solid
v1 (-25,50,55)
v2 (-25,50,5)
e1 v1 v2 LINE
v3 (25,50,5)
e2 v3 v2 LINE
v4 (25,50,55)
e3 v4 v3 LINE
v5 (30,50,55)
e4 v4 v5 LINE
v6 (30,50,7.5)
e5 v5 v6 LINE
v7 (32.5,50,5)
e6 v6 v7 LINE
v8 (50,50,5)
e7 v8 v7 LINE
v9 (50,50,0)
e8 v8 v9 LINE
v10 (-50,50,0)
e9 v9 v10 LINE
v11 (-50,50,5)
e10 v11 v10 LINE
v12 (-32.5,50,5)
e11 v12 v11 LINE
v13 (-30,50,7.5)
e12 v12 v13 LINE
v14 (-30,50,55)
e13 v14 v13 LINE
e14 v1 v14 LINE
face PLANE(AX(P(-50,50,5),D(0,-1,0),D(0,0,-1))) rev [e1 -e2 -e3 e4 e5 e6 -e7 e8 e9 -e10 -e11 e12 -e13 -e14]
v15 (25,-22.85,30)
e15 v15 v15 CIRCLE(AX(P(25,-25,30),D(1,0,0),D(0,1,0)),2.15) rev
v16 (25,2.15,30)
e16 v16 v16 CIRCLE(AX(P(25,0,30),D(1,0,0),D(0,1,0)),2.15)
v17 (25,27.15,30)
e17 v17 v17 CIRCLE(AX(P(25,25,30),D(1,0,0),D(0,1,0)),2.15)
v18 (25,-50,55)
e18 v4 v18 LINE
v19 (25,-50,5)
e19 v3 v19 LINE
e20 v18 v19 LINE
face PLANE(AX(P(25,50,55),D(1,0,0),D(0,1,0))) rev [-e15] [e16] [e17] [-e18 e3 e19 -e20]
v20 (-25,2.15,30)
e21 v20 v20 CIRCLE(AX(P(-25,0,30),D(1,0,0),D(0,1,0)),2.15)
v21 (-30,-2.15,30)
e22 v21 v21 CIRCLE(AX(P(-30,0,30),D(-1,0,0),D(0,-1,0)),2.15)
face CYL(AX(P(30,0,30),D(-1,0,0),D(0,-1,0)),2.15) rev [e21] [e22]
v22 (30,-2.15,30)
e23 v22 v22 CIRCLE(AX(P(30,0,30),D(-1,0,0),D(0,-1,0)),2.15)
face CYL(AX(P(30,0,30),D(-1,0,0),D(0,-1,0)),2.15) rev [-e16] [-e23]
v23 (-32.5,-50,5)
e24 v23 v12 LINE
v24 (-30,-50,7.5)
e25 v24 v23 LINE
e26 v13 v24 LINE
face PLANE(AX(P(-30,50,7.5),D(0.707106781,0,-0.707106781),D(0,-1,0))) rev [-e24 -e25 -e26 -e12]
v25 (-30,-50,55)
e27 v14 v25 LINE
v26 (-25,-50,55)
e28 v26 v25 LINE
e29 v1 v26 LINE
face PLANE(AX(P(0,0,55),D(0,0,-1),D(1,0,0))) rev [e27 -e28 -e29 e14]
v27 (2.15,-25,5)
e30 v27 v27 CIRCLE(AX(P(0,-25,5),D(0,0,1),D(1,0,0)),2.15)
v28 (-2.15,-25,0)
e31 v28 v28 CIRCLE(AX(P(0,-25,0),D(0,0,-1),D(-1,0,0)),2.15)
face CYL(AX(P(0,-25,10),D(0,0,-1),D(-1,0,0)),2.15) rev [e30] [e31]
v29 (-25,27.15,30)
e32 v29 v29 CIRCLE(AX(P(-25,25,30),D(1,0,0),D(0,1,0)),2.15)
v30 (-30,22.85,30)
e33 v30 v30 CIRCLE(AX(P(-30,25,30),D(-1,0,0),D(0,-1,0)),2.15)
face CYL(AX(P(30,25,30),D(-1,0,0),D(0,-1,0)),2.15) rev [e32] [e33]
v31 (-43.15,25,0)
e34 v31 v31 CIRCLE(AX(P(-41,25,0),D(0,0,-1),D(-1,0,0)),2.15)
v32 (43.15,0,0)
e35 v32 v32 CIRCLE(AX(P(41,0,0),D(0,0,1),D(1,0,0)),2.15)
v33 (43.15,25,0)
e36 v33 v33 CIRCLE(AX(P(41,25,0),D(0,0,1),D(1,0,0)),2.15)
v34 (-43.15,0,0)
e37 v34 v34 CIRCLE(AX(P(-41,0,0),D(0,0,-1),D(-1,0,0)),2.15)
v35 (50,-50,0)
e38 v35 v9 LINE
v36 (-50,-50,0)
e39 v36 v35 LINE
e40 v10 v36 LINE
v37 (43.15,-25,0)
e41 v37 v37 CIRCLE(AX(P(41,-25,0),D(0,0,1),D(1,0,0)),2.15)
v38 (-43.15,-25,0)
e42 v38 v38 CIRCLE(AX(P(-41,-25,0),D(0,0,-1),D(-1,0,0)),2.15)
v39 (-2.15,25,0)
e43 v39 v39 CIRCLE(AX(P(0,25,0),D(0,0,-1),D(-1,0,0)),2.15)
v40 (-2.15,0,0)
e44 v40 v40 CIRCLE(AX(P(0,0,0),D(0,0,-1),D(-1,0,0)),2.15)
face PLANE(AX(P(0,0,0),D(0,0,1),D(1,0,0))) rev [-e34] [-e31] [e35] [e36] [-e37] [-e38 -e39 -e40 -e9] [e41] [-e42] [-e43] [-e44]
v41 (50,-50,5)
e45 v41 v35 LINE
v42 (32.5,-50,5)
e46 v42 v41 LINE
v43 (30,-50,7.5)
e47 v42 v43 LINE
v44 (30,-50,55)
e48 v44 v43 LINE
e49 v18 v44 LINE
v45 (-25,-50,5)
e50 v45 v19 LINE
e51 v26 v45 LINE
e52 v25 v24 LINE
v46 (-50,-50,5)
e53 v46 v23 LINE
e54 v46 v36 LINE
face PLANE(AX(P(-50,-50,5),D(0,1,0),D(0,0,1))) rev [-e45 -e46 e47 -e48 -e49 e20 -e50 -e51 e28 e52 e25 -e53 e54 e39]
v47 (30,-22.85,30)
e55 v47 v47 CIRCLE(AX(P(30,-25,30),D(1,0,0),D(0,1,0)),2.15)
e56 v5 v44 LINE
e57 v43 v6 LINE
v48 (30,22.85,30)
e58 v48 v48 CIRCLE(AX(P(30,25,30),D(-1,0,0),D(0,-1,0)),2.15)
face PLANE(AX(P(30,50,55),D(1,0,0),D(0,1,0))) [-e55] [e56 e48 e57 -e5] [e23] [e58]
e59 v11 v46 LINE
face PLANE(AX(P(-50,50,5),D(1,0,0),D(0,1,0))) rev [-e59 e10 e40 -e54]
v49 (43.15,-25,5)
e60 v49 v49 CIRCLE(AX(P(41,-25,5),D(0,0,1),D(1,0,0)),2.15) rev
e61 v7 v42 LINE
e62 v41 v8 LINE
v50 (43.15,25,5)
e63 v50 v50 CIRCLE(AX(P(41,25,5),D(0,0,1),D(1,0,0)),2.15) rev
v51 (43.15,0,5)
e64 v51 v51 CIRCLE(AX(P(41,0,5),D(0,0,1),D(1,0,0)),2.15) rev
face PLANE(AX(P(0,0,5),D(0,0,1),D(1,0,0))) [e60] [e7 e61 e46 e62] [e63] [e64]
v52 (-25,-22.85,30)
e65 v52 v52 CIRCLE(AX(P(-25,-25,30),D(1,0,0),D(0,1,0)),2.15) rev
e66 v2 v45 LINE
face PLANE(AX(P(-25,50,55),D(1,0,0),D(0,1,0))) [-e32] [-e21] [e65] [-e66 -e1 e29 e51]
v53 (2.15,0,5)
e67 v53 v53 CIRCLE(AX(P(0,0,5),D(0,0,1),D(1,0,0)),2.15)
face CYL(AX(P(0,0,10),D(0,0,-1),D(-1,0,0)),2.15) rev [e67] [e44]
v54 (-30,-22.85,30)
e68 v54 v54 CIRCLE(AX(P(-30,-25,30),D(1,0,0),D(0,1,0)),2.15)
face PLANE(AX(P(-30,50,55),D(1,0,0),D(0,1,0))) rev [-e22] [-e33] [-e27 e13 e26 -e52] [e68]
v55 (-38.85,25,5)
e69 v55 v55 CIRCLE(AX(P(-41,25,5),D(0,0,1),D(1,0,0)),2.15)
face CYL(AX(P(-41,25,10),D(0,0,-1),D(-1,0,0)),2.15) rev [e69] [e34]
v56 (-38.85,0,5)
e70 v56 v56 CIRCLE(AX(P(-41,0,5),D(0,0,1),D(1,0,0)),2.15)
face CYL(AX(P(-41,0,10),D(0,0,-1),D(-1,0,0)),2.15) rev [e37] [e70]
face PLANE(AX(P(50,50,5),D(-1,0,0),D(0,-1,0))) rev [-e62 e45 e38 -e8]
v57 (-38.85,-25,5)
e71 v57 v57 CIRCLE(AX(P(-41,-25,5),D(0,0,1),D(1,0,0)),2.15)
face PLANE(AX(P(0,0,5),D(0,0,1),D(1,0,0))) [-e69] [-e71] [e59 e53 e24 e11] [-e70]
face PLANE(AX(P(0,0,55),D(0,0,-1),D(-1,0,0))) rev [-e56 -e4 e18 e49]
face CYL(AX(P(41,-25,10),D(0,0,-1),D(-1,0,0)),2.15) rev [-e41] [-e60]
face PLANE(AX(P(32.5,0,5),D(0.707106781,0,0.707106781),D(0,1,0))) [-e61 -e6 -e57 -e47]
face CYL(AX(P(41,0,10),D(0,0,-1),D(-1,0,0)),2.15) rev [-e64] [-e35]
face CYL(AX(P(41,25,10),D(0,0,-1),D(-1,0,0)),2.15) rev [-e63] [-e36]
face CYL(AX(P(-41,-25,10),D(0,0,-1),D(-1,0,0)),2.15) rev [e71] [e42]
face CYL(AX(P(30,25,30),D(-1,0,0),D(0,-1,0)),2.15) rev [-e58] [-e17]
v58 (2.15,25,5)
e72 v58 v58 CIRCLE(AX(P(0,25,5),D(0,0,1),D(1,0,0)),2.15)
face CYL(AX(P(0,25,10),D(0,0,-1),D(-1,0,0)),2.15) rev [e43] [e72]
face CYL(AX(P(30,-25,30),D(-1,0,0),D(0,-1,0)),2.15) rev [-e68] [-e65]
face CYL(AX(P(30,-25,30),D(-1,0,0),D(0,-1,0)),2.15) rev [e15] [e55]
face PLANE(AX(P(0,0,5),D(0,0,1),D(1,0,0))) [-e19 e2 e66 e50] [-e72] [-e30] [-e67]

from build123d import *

# Parameters (mm, degrees)
SKETCH1_W               = 100
SKETCH1_H               = 100
BOSS_EXTRUDE1_DEPTH     = 5
SKETCH2_W               = 5
SKETCH2_H               = 100
BOSS_EXTRUDE2_DEPTH     = 50
SKETCH3_R               = 2.15
CUT_EXTRUDE1_DEPTH      = 10
LPATTERN1_COUNT         = 3
LPATTERN1_PITCH         = 25
MIRROR2_COPY_1_SKETCH_R = 2.15
MIRROR2_COPY_1_DEPTH    = 10
MIRROR2_COPY_2_SKETCH_R = 2.15
MIRROR2_COPY_2_DEPTH    = 10
MIRROR3_COPY_1_SKETCH_R = 2.15
MIRROR3_COPY_1_DEPTH    = 10
MIRROR3_COPY_2_SKETCH_R = 2.15
MIRROR3_COPY_2_DEPTH    = 10
MIRROR3_COPY_3_SKETCH_R = 2.15
MIRROR3_COPY_3_DEPTH    = 10
MIRROR3_COPY_4_SKETCH_R = 2.15
MIRROR3_COPY_4_DEPTH    = 10
CHAMFER1_SIZE           = 2.5
SKETCH7_R               = 2.15
CUT_EXTRUDE2_DEPTH      = 60
SKETCH8_R               = 2.15
CUT_EXTRUDE3_DEPTH      = 60


with BuildPart() as part:
    # Sketch1 → Boss-Extrude1 (new body)
    with BuildSketch(Plane.XY):
        Rectangle(SKETCH1_W, SKETCH1_H)
    extrude(amount=BOSS_EXTRUDE1_DEPTH)

    # Sketch2 → Boss-Extrude2 (add)
    with BuildSketch(Plane.XY.offset(5)):
        with Locations((27.5, 0)):
            Rectangle(SKETCH2_W, SKETCH2_H)
    boss_extrude2 = extrude(amount=BOSS_EXTRUDE2_DEPTH)

    # Sketch3 → Cut-Extrude1 (cut)
    with BuildSketch(Plane(origin=(0, 0, 0), x_dir=(-1, 0, 0), z_dir=(0, 0, -1))):
        with Locations((0, 25)):
            Circle(SKETCH3_R)
    cut_extrude1 = extrude(amount=-CUT_EXTRUDE1_DEPTH, mode=Mode.SUBTRACT)

    # Mirror1: Boss-Extrude2 across plane
    add(boss_extrude2.mirror(Plane(origin=(0, 0, 0), x_dir=(0, 0, 1), z_dir=(1, 0, 0))))

    # LPattern1: Cut-Extrude1 ×3
    with Locations(*[(0, -i * LPATTERN1_PITCH, 0) for i in range(1, LPATTERN1_COUNT)]):
        add(cut_extrude1, mode=Mode.SUBTRACT)

    # Mirror2: Cut-Extrude1 across plane
    add(cut_extrude1.mirror(Plane(origin=(20.5, 0, 0), x_dir=(0, 0, 1), z_dir=(1, 0, 0))), mode=Mode.SUBTRACT)

    # Mirror2 copy 1 sketch → Mirror2 copy 1 (cut)
    with BuildSketch(Plane(origin=(41, -25, 0), x_dir=(1, 0, 0), z_dir=(0, 0, -1))):
        with Locations((0, -25)):
            Circle(MIRROR2_COPY_1_SKETCH_R)
    extrude(amount=-MIRROR2_COPY_1_DEPTH, mode=Mode.SUBTRACT)

    # Mirror2 copy 2 sketch → Mirror2 copy 2 (cut)
    with BuildSketch(Plane(origin=(41, -50, 0), x_dir=(1, 0, 0), z_dir=(0, 0, -1))):
        with Locations((0, -25)):
            Circle(MIRROR2_COPY_2_SKETCH_R)
    extrude(amount=-MIRROR2_COPY_2_DEPTH, mode=Mode.SUBTRACT)

    # Mirror3 copy 1 sketch → Mirror3 copy 1 (cut)
    with BuildSketch(Plane(origin=(-41, 0, 0), x_dir=(-1, 0, 0), z_dir=(0, 0, -1))):
        with Locations((0, 25)):
            Circle(MIRROR3_COPY_1_SKETCH_R)
    extrude(amount=-MIRROR3_COPY_1_DEPTH, mode=Mode.SUBTRACT)

    # Mirror3 copy 2 sketch → Mirror3 copy 2 (cut)
    with BuildSketch(Plane(origin=(-41, -25, 0), x_dir=(-1, 0, 0), z_dir=(0, 0, -1))):
        with Locations((0, 25)):
            Circle(MIRROR3_COPY_2_SKETCH_R)
    extrude(amount=-MIRROR3_COPY_2_DEPTH, mode=Mode.SUBTRACT)

    # Mirror3 copy 3 sketch → Mirror3 copy 3 (cut)
    with BuildSketch(Plane(origin=(-41, -50, 0), x_dir=(-1, 0, 0), z_dir=(0, 0, -1))):
        with Locations((0, 25)):
            Circle(MIRROR3_COPY_3_SKETCH_R)
    extrude(amount=-MIRROR3_COPY_3_DEPTH, mode=Mode.SUBTRACT)

    # Mirror3 copy 4 sketch → Mirror3 copy 4 (cut)
    with BuildSketch(Plane(origin=(0, 0, 0), x_dir=(1, 0, 0), z_dir=(0, 0, -1))):
        with Locations((0, -25)):
            Circle(MIRROR3_COPY_4_SKETCH_R)
    extrude(amount=-MIRROR3_COPY_4_DEPTH, mode=Mode.SUBTRACT)

    # Chamfer1
    chamfer1_edges = [part.edges().sort_by_distance(p)[0] for p in [
        (30, 0, 5),
        (-30, 0, 5),
    ]]
    chamfer(chamfer1_edges, length=CHAMFER1_SIZE)

    # Sketch7 → Cut-Extrude2 (cut)
    with BuildSketch(Plane.ZY.offset(30)):
        with Locations(Location((30, 25, 0), (0, 0, 270))):
            Circle(SKETCH7_R)
    cut_extrude2 = extrude(amount=-CUT_EXTRUDE2_DEPTH, mode=Mode.SUBTRACT)

    # Sketch8 → Cut-Extrude3 (cut)
    with BuildSketch(Plane.ZY.offset(30)):
        with Locations(Location((30, 0, 0), (0, 0, 270))):
            Circle(SKETCH8_R)
        with Locations(Location((30, 25, 0), (0, 0, 270))):
            Circle(SKETCH8_R)
    extrude(amount=-CUT_EXTRUDE3_DEPTH, mode=Mode.SUBTRACT)

    # Mirror4: Cut-Extrude2 across plane
    add(cut_extrude2.mirror(Plane.ZX), mode=Mode.SUBTRACT)


solid = part.part
